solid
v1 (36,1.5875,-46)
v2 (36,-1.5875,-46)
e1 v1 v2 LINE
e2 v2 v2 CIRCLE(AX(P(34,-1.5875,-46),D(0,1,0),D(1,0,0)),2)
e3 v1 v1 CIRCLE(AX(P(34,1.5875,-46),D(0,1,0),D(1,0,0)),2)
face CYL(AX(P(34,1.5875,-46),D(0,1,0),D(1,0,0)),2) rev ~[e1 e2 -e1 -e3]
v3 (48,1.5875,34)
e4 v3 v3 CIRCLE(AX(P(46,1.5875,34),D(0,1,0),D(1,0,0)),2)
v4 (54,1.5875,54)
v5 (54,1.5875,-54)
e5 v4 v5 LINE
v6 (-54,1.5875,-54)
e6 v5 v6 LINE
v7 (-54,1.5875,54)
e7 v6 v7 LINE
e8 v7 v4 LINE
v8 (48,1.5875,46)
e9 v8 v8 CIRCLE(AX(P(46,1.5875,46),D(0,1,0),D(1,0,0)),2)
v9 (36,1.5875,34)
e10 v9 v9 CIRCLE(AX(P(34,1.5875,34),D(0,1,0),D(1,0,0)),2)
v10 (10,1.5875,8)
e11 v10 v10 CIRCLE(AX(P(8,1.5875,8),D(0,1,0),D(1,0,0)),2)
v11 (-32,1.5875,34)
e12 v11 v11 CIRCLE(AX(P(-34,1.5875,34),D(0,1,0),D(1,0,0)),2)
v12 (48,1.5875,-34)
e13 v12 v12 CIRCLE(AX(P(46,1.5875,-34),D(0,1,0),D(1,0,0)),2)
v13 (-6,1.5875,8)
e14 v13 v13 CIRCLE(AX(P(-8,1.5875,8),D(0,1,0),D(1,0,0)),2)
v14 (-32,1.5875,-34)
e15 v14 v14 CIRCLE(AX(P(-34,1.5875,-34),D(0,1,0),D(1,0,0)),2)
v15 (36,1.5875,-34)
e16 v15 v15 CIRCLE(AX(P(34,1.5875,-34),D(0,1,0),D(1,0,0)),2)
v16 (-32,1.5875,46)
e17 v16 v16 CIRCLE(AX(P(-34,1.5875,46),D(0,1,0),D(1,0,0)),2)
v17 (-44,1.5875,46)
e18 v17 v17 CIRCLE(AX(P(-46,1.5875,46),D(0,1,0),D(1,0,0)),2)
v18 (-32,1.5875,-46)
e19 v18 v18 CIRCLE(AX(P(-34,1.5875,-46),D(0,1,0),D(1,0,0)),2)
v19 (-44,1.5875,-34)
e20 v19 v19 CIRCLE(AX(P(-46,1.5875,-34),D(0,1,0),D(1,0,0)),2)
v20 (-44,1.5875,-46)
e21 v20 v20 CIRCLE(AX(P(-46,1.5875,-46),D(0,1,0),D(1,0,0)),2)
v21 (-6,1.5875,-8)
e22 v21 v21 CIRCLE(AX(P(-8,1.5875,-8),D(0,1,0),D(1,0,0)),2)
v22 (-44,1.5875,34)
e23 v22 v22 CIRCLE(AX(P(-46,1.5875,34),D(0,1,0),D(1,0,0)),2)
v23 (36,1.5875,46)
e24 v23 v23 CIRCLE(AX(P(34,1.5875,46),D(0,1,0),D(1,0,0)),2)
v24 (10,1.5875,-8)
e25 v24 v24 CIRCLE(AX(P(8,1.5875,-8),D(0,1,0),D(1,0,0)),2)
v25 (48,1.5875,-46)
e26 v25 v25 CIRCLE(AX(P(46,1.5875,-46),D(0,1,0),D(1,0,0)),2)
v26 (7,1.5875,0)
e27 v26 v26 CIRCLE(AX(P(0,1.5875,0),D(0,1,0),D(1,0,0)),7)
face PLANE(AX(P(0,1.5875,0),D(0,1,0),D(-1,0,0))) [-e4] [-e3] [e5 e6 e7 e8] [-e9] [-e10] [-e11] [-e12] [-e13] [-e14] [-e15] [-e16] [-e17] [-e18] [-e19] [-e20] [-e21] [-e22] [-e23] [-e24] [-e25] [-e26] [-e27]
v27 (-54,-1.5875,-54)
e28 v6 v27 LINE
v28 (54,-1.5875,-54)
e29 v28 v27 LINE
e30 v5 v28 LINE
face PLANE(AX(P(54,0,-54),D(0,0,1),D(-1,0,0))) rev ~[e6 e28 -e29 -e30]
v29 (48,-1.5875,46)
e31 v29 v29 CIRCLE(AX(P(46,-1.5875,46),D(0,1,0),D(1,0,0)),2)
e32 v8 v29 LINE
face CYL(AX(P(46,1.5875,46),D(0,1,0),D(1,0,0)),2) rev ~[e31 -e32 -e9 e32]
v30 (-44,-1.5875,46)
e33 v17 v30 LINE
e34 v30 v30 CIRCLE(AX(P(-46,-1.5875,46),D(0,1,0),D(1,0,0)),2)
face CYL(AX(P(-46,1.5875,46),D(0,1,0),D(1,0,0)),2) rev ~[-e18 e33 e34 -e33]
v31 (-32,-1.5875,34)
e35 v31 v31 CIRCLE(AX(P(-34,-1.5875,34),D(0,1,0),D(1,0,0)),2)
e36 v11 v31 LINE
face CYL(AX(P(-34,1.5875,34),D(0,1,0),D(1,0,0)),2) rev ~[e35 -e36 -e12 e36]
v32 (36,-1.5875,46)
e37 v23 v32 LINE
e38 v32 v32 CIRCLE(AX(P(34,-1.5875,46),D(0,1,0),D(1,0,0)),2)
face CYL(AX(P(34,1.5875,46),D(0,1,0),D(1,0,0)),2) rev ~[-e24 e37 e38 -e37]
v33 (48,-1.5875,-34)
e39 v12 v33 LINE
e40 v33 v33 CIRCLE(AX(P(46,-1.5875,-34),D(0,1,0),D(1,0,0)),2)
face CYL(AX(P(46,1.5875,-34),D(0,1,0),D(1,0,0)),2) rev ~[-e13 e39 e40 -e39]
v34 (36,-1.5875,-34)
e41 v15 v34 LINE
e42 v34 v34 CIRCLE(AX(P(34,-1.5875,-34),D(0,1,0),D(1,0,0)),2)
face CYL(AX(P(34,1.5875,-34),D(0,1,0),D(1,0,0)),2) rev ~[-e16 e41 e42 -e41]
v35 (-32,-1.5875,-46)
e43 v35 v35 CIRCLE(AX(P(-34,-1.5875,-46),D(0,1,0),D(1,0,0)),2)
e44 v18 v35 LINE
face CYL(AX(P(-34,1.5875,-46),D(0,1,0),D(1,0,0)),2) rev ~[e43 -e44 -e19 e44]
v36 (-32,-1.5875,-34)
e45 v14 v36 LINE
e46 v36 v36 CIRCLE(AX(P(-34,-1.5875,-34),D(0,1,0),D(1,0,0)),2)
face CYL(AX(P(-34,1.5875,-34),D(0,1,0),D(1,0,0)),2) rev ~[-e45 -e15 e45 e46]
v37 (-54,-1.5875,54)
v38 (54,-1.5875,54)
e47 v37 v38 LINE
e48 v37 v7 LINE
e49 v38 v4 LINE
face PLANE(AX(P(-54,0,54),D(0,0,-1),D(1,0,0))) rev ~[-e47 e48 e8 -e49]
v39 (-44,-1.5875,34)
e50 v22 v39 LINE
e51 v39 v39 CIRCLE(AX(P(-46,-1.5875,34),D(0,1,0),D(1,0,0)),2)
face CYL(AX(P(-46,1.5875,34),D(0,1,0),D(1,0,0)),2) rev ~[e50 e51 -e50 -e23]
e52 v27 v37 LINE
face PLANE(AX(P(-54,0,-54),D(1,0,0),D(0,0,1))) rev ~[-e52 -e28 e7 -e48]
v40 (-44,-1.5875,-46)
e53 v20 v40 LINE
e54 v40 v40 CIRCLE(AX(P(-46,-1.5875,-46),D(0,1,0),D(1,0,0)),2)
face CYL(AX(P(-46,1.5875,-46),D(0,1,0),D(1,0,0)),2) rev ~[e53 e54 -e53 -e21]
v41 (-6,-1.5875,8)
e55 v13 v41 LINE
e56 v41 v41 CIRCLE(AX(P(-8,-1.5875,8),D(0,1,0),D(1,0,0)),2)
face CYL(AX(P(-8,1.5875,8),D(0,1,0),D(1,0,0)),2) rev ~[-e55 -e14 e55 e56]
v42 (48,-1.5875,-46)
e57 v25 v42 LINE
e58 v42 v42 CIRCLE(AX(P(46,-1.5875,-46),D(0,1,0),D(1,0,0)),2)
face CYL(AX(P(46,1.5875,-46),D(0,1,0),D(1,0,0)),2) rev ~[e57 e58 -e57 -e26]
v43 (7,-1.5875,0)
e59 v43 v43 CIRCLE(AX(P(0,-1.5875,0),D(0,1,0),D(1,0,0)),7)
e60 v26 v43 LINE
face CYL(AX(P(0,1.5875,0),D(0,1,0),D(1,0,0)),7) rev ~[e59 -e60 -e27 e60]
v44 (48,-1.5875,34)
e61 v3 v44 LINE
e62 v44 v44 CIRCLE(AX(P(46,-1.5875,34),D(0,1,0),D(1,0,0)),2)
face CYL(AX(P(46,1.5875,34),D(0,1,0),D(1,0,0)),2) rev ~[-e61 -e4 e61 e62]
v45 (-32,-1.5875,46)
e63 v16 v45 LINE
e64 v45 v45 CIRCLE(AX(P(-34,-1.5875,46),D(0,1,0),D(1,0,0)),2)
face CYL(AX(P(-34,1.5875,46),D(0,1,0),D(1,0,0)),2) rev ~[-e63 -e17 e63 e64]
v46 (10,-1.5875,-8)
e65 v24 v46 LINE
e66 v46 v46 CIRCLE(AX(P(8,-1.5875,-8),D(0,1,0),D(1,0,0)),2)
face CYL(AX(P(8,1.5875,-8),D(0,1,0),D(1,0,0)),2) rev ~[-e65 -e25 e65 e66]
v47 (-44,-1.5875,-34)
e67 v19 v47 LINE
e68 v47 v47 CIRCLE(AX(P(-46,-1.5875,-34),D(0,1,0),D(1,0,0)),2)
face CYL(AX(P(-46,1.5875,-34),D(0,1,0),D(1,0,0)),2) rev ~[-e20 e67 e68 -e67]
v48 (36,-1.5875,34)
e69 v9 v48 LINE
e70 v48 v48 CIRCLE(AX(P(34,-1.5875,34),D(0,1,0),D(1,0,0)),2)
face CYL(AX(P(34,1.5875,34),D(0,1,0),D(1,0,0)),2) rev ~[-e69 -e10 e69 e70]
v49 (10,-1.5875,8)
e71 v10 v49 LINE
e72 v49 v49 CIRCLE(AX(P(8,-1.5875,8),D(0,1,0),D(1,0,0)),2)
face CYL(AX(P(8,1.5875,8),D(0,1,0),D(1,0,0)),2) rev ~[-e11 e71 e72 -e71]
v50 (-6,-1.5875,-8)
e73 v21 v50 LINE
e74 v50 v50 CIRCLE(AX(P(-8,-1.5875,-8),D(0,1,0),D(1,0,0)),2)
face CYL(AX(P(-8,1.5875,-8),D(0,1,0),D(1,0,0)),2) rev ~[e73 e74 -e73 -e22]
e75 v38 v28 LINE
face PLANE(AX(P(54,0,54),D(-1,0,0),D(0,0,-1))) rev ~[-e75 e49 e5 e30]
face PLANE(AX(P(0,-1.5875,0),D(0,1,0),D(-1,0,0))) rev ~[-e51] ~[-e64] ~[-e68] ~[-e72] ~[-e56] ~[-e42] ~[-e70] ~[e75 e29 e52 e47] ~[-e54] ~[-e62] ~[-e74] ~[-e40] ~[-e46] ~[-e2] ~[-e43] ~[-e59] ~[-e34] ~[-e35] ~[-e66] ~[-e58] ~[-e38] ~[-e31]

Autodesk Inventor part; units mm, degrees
ref_plane "YZ Plane" through (0, 0, 0) normal (1, 0, 0) x (0, 1, 0)
ref_plane "XZ Plane" through (0, 0, 0) normal (0, 1, 0) x (-1, 0, 0)
ref_plane "XY Plane" through (0, 0, 0) normal (0, 0, 1) x (1, 0, 0)
sketch "Sketch1" plane through (0, 0, 0) normal (0, 1, 0) x (-1, 0, 0)
  line L0 (54, 54) -> (-54, 54)
  line L1 (-54, 54) -> (-54, -54)
  line L2 (-54, -54) -> (54, -54)
  line L3 (54, -54) -> (54, 54)
  line L4 (54, 54) -> (-54, -54) construction
  line L5 (-54, 54) -> (54, -54) construction
  point P0 (0, 0)
  dimension "d0" = 108
  dimension "d1" = 108
extrude "Extrusion1" add sketch "Sketch1" along normal mid plane 3.175
sketch "Sketch2" plane through (0, 1.5875, 0) normal (0, 1, 0) x (1, 0, 0)
  circle A0 centre (-40, -40) radius 2.5 construction
  circle A1 centre (-46, -46) radius 2
  circle A2 centre (-34, -46) radius 2
  circle A3 centre (-34, -34) radius 2
  circle A4 centre (-46, -34) radius 2
  circle A5 centre (34, -46) radius 2
  circle A6 centre (34, -34) radius 2
  circle A7 centre (46, -34) radius 2
  circle A8 centre (46, -46) radius 2
  circle A9 centre (46, 34) radius 2
  circle A10 centre (34, 34) radius 2
  circle A11 centre (34, 46) radius 2
  circle A12 centre (46, 46) radius 2
  circle A13 centre (-34, 46) radius 2
  circle A14 centre (-34, 34) radius 2
  circle A15 centre (-46, 34) radius 2
  circle A16 centre (-46, 46) radius 2
  point P0 (0, 0)
  dimension "d4" = 5
  dimension "d5" = 40
  dimension "d6" = 40
  dimension "d7" = 4
  dimension "d8" = 6
  dimension "d9" = 6
  dimension "d12" = 360
  dimension "d16" = 360
extrude "Extrusion2" cut sketch "Sketch2" against normal through all
sketch "Sketch3" plane through (0, 1.5875, 0) normal (0, 1, 0) x (1, 0, 0)
  circle A0 centre (0, 0) radius 7
  circle A1 centre (-8, 8) radius 2
  circle A2 centre (-8, -8) radius 2
  circle A3 centre (8, -8) radius 2
  circle A4 centre (8, 8) radius 2
  dimension "d20" = 14
  dimension "d21" = 4
  dimension "d22" = 8
  dimension "d23" = 8
  dimension "d26" = 360
extrude "Extrusion3" cut sketch "Sketch3" against normal through all
properties part number "TurretMotorTopPlate"
